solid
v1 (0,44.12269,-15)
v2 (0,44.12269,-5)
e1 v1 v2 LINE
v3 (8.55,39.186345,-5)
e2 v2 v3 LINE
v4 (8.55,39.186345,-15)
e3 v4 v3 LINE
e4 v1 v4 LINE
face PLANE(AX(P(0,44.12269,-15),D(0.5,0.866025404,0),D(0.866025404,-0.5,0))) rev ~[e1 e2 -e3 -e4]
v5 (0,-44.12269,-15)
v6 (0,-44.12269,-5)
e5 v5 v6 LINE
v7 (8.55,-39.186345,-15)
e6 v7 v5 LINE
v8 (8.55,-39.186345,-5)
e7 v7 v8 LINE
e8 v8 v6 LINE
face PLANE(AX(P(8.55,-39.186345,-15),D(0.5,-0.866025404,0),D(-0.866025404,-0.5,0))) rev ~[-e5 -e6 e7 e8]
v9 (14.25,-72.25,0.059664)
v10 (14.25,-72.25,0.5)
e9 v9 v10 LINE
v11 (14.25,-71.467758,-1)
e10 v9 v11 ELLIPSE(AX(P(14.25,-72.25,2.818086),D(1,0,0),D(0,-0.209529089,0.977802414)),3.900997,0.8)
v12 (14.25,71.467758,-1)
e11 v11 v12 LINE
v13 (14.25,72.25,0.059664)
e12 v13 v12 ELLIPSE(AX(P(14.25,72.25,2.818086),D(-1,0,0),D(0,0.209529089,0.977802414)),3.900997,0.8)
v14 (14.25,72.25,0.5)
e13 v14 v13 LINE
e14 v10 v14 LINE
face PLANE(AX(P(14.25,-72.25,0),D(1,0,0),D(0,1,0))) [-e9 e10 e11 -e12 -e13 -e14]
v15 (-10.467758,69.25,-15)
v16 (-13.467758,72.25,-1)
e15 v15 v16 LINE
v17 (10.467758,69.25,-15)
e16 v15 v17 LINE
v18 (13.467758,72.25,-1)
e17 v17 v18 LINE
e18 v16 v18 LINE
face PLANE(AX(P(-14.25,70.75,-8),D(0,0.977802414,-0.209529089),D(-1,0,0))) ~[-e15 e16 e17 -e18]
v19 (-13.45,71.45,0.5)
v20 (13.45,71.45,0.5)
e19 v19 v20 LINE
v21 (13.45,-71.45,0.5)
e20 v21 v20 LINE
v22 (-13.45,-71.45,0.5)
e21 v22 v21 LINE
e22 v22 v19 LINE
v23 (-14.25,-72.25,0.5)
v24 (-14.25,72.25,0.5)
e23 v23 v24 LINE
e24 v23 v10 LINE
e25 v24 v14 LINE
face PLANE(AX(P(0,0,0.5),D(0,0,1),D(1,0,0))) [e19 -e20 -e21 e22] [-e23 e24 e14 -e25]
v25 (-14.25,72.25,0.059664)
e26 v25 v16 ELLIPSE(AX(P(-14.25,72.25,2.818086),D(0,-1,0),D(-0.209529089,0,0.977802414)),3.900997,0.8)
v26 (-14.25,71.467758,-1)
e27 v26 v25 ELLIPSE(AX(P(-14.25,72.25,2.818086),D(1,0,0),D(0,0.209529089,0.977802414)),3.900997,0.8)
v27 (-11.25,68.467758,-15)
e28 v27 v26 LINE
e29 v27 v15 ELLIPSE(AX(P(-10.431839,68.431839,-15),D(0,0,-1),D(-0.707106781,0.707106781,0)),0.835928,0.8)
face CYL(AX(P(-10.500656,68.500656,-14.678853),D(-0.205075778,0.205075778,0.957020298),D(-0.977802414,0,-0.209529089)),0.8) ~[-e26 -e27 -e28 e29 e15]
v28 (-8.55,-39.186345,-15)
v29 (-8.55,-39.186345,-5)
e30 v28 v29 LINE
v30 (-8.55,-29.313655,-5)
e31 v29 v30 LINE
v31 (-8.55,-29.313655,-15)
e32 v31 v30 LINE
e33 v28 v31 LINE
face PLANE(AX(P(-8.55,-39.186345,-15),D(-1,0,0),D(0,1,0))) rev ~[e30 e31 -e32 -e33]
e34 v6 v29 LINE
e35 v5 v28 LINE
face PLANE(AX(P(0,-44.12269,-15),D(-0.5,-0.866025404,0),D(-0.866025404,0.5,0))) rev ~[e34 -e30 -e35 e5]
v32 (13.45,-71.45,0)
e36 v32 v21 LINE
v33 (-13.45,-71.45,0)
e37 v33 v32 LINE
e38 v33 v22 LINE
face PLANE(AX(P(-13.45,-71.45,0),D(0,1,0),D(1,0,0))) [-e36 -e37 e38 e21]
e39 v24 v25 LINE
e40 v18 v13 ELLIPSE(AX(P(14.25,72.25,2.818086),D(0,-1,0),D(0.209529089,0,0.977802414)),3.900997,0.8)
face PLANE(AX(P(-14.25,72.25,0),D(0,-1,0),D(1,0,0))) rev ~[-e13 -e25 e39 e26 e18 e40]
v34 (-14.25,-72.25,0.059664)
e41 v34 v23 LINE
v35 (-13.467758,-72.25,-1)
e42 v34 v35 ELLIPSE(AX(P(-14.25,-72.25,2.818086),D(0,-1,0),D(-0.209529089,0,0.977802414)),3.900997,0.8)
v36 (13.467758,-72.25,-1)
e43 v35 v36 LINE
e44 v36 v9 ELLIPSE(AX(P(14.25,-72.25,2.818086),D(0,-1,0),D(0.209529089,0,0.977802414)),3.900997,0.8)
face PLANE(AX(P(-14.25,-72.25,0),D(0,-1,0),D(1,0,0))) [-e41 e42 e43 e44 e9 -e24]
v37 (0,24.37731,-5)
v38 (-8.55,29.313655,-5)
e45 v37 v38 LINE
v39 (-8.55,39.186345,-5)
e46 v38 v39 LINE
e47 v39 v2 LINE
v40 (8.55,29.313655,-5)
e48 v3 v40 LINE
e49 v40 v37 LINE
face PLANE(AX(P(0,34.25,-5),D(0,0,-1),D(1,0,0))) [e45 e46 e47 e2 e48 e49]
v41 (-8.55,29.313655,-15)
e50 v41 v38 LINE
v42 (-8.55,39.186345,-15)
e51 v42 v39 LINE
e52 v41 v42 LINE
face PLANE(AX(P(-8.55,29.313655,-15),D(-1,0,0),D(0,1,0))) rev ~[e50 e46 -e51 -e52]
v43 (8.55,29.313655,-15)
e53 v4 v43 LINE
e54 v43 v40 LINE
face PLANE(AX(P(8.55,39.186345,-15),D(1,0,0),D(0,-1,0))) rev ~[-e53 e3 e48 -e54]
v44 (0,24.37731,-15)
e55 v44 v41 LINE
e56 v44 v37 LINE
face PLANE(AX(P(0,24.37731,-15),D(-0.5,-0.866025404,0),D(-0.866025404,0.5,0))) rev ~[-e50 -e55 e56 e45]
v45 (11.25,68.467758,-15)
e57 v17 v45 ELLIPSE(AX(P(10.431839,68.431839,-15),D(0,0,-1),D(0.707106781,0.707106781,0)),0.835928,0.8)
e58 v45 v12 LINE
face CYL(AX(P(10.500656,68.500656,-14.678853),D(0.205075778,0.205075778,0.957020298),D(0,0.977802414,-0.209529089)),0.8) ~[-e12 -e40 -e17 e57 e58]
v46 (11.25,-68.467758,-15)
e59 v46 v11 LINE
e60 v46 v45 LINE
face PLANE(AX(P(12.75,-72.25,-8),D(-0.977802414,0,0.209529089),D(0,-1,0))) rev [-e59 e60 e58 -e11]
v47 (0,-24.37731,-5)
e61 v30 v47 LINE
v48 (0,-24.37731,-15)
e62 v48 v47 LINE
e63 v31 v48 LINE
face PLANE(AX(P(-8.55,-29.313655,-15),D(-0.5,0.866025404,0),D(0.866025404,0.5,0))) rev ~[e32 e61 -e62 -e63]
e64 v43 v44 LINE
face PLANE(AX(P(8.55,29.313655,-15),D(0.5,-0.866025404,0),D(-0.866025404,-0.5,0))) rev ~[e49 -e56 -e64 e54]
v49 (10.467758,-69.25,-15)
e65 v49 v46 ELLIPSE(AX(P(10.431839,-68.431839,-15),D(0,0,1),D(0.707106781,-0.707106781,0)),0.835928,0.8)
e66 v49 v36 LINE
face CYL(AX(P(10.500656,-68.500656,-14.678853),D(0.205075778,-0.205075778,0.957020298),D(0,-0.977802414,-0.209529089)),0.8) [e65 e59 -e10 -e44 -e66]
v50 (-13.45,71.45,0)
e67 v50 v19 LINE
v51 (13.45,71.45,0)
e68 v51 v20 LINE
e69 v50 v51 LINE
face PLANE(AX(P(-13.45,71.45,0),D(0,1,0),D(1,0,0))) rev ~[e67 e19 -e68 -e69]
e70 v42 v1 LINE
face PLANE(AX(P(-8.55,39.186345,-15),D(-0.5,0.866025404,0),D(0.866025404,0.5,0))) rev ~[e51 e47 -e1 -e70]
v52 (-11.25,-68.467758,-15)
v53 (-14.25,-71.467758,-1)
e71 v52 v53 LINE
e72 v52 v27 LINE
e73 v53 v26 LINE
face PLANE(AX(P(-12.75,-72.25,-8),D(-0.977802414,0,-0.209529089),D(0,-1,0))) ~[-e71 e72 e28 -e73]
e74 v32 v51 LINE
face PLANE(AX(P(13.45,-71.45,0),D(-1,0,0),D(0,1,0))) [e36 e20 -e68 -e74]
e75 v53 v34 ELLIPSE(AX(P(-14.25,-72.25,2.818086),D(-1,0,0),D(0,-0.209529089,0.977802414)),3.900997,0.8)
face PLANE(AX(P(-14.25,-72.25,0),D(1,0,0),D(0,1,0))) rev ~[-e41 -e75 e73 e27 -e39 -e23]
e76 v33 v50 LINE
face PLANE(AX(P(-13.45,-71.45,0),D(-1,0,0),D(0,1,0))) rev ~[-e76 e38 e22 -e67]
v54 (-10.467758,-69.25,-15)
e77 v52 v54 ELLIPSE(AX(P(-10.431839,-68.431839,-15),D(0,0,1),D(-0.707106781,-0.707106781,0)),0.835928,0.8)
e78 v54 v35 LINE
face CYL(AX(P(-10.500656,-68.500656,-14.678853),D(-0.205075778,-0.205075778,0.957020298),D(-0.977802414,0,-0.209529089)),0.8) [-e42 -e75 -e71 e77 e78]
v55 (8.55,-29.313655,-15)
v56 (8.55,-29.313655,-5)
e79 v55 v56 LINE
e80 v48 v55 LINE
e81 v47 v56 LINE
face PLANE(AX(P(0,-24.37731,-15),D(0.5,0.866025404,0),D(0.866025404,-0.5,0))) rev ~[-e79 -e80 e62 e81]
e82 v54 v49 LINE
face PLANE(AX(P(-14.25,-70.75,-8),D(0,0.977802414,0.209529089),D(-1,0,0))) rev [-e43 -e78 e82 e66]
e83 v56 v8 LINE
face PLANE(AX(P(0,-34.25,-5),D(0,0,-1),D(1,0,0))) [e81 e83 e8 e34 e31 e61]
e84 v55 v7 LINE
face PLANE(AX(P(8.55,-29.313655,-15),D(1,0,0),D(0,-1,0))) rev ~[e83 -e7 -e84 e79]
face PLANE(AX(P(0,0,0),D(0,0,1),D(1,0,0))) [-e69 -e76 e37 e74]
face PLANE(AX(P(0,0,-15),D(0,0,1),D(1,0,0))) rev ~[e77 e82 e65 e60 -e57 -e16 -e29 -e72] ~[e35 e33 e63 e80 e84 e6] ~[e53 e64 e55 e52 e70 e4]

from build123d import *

# Parameters (mm, degrees)
F1_W     = 28.5
F1_H     = 144.5
F1_W_2   = 26.9
F1_H_2   = 142.9
F2_DEPTH = 0.5
F3_DEPTH = 15
F4_SIZE2 = 14
F4_SIZE  = 3
F5_R     = 0.8
F7_DEPTH = 10


with BuildPart() as f2:
    # F1 (on Top) → F2 (new body)
    with BuildSketch(Plane.XY):
        Rectangle(F1_W, F1_H)
        Rectangle(F1_W_2, F1_H_2, mode=Mode.SUBTRACT)
    extrude(amount=F2_DEPTH)

    # F1 (on Top) → F3 (join)
    with BuildSketch(Plane.XY):
        Rectangle(F1_W, F1_H)
        Rectangle(F1_W_2, F1_H_2, mode=Mode.SUBTRACT)
        Rectangle(F1_W_2, F1_H_2)
    extrude(amount=-F3_DEPTH)

    # F4
    f4_edges = [f2.edges().sort_by_distance(p)[0] for p in [
        (0, -72.25, -15),
        (14.25, 0, -15),
        (0, 72.25, -15),
        (-14.25, 0, -15),
    ]]
    f4_side = f2.faces().sort_by_distance((0, 0, -15))[0]
    chamfer(f4_edges, length=F4_SIZE, length2=F4_SIZE2, reference=f4_side)

    # F5
    f5_edges = [f2.edges().sort_by_distance(p)[0] for p in [
        (12.75, 70.75, -8),
        (-12.75, 70.75, -8),
        (12.75, -70.75, -8),
        (-12.75, -70.75, -8),
    ]]
    fillet(f5_edges, radius=F5_R)

    # F6 (on face) → F7 (cut)
    with BuildSketch(Plane(origin=(0, 0, -15), x_dir=(1, 0, 0), z_dir=(0, 0, -1))):
        Polygon((-8.55, 39.1863448016), (-8.55, 29.3136551984), (0, 24.3773103969), (8.55, 29.3136551984), (8.55, 39.1863448016), (0, 44.1226896031), align=None)
        Polygon((-8.55, -39.1863448016), (0, -44.1226896031), (8.55, -39.1863448016), (8.55, -29.3136551984), (0, -24.3773103969), (-8.55, -29.3136551984), align=None)
    extrude(amount=-F7_DEPTH, mode=Mode.SUBTRACT)


solid = f2.part
